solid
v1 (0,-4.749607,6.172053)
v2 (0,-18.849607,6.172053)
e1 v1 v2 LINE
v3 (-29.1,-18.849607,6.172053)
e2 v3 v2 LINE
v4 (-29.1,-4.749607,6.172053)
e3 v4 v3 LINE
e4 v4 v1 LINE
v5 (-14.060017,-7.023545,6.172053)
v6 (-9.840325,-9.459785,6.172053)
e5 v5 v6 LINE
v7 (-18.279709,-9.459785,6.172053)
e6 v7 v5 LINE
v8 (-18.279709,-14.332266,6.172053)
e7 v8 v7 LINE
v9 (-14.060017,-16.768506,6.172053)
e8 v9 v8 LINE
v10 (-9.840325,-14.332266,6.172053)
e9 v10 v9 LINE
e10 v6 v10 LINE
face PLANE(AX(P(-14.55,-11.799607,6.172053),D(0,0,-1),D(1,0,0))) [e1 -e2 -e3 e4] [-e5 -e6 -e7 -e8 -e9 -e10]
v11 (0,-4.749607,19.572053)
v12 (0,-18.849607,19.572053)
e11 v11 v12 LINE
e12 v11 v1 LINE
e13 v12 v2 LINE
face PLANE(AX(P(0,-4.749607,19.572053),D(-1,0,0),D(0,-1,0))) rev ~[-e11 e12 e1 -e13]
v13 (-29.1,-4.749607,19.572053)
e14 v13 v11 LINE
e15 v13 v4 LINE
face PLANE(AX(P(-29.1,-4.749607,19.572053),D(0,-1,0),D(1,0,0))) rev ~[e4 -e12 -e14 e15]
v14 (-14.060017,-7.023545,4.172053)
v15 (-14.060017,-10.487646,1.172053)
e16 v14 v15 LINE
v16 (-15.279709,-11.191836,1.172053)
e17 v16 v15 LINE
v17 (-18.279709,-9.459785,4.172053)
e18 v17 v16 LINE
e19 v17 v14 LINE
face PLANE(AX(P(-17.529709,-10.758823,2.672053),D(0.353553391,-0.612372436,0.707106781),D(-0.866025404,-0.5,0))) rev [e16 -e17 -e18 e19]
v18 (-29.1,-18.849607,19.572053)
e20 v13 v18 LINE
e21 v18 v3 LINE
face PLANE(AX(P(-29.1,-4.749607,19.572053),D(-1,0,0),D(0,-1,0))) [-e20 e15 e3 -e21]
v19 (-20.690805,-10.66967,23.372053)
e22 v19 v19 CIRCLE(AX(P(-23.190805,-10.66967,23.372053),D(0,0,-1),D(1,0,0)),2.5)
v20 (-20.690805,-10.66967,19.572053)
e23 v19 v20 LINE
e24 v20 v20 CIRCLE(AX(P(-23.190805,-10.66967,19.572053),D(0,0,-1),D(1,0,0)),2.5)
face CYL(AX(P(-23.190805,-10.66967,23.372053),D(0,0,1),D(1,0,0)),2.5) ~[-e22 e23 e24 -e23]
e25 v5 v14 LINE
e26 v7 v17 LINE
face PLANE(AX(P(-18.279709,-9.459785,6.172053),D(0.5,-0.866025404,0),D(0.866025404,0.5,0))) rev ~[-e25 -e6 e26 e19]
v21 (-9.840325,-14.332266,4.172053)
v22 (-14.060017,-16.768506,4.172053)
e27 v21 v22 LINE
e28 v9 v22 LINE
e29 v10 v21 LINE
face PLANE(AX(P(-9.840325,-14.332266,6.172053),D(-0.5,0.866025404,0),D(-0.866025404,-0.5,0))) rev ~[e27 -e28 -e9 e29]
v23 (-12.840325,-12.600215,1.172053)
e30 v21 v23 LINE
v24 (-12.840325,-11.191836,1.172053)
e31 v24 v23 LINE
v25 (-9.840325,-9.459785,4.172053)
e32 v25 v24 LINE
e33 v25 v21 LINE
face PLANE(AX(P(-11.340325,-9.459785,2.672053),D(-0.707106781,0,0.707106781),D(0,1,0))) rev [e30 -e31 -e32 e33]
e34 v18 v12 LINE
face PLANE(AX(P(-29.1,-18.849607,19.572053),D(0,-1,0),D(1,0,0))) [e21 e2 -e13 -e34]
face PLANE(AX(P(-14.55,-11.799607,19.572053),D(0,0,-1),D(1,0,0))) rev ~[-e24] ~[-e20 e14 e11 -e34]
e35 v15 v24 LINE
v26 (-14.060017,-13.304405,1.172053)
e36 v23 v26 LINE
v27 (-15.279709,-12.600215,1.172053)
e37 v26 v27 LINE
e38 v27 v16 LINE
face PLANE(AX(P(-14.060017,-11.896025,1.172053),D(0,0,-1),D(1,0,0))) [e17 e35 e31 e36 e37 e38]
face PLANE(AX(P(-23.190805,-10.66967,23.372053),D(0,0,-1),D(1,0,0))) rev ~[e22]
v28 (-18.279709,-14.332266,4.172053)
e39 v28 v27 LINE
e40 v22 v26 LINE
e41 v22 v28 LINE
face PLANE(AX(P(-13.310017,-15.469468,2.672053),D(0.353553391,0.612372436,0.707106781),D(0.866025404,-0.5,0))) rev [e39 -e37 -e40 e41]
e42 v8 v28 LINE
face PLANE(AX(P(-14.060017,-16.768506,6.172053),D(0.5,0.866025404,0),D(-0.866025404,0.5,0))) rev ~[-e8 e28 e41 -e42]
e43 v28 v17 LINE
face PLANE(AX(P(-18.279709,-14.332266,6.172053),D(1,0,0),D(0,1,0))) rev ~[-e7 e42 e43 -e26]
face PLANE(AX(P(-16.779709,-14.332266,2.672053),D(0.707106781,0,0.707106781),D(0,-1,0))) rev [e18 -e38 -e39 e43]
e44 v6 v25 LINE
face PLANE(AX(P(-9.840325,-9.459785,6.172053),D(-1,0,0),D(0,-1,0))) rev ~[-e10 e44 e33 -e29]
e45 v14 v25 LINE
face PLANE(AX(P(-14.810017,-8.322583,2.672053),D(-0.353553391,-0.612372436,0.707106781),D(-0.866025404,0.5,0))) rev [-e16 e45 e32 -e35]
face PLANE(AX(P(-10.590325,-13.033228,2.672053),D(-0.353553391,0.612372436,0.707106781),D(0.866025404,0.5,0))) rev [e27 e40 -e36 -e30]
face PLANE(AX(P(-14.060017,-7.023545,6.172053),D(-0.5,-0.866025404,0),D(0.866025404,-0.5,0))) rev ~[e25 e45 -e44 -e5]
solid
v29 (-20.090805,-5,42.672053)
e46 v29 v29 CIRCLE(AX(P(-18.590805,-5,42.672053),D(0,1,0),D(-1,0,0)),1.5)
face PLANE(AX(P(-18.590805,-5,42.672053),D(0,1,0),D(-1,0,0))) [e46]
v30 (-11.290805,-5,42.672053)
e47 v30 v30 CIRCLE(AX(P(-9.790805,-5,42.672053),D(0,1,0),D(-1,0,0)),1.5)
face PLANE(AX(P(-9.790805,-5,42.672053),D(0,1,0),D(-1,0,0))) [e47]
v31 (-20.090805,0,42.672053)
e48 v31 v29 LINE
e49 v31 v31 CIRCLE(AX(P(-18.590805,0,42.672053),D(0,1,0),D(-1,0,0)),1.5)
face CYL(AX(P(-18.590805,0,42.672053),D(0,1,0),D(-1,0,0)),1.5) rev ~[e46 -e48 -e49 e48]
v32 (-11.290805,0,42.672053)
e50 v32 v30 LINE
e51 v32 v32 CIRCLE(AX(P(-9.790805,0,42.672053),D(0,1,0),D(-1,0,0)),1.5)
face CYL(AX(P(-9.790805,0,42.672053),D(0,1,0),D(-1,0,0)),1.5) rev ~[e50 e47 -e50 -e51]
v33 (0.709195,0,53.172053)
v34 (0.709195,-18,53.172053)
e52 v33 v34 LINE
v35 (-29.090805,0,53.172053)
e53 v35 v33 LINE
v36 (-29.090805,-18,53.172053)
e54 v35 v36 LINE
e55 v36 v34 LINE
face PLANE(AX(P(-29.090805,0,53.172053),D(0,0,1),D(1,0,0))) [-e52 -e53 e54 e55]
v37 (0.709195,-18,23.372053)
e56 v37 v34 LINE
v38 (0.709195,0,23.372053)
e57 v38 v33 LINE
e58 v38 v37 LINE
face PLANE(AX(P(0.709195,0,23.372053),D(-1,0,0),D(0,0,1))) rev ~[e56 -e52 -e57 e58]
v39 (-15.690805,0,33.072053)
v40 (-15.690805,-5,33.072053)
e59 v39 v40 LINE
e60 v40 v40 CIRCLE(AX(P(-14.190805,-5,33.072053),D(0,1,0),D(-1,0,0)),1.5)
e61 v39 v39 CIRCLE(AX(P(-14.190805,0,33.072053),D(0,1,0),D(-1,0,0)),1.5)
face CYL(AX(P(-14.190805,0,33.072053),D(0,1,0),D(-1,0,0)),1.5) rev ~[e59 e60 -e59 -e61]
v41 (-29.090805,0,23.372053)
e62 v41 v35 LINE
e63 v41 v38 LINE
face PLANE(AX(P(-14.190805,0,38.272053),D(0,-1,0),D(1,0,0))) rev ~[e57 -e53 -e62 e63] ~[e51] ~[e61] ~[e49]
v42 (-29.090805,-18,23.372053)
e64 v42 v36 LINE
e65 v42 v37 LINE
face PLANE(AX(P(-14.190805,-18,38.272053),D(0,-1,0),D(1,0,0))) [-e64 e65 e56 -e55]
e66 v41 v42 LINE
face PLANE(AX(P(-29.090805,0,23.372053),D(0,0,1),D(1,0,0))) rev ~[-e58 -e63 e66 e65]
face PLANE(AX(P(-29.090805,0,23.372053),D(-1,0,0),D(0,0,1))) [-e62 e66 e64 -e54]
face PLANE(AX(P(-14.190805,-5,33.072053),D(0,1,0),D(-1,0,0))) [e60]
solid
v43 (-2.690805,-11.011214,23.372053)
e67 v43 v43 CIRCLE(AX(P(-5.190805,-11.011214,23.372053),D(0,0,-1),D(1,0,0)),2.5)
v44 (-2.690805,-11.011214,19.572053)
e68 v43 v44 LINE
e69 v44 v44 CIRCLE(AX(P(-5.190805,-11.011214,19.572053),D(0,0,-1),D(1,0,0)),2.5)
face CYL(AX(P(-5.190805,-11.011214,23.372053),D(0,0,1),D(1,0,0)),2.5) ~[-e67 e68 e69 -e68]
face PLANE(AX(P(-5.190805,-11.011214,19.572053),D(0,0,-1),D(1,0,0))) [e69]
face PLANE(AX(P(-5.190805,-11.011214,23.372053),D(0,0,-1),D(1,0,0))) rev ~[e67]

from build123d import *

# Parameters (mm, degrees)
F0_W     = 29.8
F0_H     = 29.8
F1_DEPTH = 18
F2_R     = 2.5
F3_DEPTH = 3.8
F4_W     = 29.1
F4_H     = 14.1
F4_R     = 2.5
F5_DEPTH = 13.4
F6_R     = 1.5
F7_DEPTH = 5
F9_DEPTH = 5
F10_SIZE = 3


with BuildPart() as f1:
    # F0 (on Front) → F1 (new body)
    with BuildSketch(Plane.XZ):
        with Locations((-14.1908051446, 38.2720534908)):
            Rectangle(F0_W, F0_H)
    extrude(amount=F1_DEPTH)

    # F6 (on face) → F7 (cut)
    with BuildSketch(Plane(origin=(0, 0, 0), x_dir=(-1, 0, 0), z_dir=(0, 1, 0))):
        with Locations((9.7908051446, 42.6720534908)):
            Circle(F6_R)
        with Locations((18.5908051446, 42.6720534908)):
            Circle(F6_R)
        with Locations((14.1908051446, 33.0720534908)):
            Circle(F6_R)
    extrude(amount=-F7_DEPTH, mode=Mode.SUBTRACT)


with BuildPart() as f3:
    # F2 (on face) → F3 (new body)
    with BuildSketch(Plane(origin=(0, 0, 23.3720534908), x_dir=(1, 0, 0), z_dir=(0, 0, -1))):
        with Locations((-5.1908051446, 11.0112141835)):
            Circle(F2_R)
    extrude(amount=F3_DEPTH)


with BuildPart() as f3b:
    # F2 (on face) → F3, piece 2 (new body)
    with BuildSketch(Plane(origin=(0, 0, 23.3720534908), x_dir=(1, 0, 0), z_dir=(0, 0, -1))):
        with Locations((-23.1908051446, 10.6696703852)):
            Circle(F2_R)
    extrude(amount=F3_DEPTH)

    # F4 (on face) → F5 (join)
    with BuildSketch(Plane(origin=(0, 0, 19.5720534908), x_dir=(1, 0, 0), z_dir=(0, 0, -1))):
        with Locations((-14.55, 11.7996069203)):
            Rectangle(F4_W, F4_H)
        with Locations((-23.1908051446, 10.6696703852)):
            Circle(F4_R, mode=Mode.SUBTRACT)
        with Locations((-23.1908051446, 10.6696703852)):
            Circle(F4_R)
    extrude(amount=F5_DEPTH)

    # F8 (on face) → F9 (join)
    with BuildSketch(Plane(origin=(0, 0, 6.1720534908), x_dir=(1, 0, 0), z_dir=(0, 0, -1))):
        Polygon((-18.2797089219, 14.3322658172), (-18.2797089219, 9.4597849616), (-14.0600167215, 7.0235445338), (-9.8403245211, 9.4597849616), (-9.8403245211, 14.3322658172), (-14.0600167215, 16.7685062451), align=None)
    extrude(amount=F9_DEPTH)

    # F10
    f10_edges = [f3b.edges().sort_by_distance(p)[0] for p in [
        (-11.950171, -15.550386, 1.172053),
        (-18.279709, -11.896025, 1.172053),
        (-16.169863, -15.550386, 1.172053),
        (-16.169863, -8.241665, 1.172053),
        (-11.950171, -8.241665, 1.172053),
        (-9.840325, -11.896025, 1.172053),
    ]]
    chamfer(f10_edges, length=F10_SIZE)


solid = Compound([f1.part, f3.part, f3b.part])
